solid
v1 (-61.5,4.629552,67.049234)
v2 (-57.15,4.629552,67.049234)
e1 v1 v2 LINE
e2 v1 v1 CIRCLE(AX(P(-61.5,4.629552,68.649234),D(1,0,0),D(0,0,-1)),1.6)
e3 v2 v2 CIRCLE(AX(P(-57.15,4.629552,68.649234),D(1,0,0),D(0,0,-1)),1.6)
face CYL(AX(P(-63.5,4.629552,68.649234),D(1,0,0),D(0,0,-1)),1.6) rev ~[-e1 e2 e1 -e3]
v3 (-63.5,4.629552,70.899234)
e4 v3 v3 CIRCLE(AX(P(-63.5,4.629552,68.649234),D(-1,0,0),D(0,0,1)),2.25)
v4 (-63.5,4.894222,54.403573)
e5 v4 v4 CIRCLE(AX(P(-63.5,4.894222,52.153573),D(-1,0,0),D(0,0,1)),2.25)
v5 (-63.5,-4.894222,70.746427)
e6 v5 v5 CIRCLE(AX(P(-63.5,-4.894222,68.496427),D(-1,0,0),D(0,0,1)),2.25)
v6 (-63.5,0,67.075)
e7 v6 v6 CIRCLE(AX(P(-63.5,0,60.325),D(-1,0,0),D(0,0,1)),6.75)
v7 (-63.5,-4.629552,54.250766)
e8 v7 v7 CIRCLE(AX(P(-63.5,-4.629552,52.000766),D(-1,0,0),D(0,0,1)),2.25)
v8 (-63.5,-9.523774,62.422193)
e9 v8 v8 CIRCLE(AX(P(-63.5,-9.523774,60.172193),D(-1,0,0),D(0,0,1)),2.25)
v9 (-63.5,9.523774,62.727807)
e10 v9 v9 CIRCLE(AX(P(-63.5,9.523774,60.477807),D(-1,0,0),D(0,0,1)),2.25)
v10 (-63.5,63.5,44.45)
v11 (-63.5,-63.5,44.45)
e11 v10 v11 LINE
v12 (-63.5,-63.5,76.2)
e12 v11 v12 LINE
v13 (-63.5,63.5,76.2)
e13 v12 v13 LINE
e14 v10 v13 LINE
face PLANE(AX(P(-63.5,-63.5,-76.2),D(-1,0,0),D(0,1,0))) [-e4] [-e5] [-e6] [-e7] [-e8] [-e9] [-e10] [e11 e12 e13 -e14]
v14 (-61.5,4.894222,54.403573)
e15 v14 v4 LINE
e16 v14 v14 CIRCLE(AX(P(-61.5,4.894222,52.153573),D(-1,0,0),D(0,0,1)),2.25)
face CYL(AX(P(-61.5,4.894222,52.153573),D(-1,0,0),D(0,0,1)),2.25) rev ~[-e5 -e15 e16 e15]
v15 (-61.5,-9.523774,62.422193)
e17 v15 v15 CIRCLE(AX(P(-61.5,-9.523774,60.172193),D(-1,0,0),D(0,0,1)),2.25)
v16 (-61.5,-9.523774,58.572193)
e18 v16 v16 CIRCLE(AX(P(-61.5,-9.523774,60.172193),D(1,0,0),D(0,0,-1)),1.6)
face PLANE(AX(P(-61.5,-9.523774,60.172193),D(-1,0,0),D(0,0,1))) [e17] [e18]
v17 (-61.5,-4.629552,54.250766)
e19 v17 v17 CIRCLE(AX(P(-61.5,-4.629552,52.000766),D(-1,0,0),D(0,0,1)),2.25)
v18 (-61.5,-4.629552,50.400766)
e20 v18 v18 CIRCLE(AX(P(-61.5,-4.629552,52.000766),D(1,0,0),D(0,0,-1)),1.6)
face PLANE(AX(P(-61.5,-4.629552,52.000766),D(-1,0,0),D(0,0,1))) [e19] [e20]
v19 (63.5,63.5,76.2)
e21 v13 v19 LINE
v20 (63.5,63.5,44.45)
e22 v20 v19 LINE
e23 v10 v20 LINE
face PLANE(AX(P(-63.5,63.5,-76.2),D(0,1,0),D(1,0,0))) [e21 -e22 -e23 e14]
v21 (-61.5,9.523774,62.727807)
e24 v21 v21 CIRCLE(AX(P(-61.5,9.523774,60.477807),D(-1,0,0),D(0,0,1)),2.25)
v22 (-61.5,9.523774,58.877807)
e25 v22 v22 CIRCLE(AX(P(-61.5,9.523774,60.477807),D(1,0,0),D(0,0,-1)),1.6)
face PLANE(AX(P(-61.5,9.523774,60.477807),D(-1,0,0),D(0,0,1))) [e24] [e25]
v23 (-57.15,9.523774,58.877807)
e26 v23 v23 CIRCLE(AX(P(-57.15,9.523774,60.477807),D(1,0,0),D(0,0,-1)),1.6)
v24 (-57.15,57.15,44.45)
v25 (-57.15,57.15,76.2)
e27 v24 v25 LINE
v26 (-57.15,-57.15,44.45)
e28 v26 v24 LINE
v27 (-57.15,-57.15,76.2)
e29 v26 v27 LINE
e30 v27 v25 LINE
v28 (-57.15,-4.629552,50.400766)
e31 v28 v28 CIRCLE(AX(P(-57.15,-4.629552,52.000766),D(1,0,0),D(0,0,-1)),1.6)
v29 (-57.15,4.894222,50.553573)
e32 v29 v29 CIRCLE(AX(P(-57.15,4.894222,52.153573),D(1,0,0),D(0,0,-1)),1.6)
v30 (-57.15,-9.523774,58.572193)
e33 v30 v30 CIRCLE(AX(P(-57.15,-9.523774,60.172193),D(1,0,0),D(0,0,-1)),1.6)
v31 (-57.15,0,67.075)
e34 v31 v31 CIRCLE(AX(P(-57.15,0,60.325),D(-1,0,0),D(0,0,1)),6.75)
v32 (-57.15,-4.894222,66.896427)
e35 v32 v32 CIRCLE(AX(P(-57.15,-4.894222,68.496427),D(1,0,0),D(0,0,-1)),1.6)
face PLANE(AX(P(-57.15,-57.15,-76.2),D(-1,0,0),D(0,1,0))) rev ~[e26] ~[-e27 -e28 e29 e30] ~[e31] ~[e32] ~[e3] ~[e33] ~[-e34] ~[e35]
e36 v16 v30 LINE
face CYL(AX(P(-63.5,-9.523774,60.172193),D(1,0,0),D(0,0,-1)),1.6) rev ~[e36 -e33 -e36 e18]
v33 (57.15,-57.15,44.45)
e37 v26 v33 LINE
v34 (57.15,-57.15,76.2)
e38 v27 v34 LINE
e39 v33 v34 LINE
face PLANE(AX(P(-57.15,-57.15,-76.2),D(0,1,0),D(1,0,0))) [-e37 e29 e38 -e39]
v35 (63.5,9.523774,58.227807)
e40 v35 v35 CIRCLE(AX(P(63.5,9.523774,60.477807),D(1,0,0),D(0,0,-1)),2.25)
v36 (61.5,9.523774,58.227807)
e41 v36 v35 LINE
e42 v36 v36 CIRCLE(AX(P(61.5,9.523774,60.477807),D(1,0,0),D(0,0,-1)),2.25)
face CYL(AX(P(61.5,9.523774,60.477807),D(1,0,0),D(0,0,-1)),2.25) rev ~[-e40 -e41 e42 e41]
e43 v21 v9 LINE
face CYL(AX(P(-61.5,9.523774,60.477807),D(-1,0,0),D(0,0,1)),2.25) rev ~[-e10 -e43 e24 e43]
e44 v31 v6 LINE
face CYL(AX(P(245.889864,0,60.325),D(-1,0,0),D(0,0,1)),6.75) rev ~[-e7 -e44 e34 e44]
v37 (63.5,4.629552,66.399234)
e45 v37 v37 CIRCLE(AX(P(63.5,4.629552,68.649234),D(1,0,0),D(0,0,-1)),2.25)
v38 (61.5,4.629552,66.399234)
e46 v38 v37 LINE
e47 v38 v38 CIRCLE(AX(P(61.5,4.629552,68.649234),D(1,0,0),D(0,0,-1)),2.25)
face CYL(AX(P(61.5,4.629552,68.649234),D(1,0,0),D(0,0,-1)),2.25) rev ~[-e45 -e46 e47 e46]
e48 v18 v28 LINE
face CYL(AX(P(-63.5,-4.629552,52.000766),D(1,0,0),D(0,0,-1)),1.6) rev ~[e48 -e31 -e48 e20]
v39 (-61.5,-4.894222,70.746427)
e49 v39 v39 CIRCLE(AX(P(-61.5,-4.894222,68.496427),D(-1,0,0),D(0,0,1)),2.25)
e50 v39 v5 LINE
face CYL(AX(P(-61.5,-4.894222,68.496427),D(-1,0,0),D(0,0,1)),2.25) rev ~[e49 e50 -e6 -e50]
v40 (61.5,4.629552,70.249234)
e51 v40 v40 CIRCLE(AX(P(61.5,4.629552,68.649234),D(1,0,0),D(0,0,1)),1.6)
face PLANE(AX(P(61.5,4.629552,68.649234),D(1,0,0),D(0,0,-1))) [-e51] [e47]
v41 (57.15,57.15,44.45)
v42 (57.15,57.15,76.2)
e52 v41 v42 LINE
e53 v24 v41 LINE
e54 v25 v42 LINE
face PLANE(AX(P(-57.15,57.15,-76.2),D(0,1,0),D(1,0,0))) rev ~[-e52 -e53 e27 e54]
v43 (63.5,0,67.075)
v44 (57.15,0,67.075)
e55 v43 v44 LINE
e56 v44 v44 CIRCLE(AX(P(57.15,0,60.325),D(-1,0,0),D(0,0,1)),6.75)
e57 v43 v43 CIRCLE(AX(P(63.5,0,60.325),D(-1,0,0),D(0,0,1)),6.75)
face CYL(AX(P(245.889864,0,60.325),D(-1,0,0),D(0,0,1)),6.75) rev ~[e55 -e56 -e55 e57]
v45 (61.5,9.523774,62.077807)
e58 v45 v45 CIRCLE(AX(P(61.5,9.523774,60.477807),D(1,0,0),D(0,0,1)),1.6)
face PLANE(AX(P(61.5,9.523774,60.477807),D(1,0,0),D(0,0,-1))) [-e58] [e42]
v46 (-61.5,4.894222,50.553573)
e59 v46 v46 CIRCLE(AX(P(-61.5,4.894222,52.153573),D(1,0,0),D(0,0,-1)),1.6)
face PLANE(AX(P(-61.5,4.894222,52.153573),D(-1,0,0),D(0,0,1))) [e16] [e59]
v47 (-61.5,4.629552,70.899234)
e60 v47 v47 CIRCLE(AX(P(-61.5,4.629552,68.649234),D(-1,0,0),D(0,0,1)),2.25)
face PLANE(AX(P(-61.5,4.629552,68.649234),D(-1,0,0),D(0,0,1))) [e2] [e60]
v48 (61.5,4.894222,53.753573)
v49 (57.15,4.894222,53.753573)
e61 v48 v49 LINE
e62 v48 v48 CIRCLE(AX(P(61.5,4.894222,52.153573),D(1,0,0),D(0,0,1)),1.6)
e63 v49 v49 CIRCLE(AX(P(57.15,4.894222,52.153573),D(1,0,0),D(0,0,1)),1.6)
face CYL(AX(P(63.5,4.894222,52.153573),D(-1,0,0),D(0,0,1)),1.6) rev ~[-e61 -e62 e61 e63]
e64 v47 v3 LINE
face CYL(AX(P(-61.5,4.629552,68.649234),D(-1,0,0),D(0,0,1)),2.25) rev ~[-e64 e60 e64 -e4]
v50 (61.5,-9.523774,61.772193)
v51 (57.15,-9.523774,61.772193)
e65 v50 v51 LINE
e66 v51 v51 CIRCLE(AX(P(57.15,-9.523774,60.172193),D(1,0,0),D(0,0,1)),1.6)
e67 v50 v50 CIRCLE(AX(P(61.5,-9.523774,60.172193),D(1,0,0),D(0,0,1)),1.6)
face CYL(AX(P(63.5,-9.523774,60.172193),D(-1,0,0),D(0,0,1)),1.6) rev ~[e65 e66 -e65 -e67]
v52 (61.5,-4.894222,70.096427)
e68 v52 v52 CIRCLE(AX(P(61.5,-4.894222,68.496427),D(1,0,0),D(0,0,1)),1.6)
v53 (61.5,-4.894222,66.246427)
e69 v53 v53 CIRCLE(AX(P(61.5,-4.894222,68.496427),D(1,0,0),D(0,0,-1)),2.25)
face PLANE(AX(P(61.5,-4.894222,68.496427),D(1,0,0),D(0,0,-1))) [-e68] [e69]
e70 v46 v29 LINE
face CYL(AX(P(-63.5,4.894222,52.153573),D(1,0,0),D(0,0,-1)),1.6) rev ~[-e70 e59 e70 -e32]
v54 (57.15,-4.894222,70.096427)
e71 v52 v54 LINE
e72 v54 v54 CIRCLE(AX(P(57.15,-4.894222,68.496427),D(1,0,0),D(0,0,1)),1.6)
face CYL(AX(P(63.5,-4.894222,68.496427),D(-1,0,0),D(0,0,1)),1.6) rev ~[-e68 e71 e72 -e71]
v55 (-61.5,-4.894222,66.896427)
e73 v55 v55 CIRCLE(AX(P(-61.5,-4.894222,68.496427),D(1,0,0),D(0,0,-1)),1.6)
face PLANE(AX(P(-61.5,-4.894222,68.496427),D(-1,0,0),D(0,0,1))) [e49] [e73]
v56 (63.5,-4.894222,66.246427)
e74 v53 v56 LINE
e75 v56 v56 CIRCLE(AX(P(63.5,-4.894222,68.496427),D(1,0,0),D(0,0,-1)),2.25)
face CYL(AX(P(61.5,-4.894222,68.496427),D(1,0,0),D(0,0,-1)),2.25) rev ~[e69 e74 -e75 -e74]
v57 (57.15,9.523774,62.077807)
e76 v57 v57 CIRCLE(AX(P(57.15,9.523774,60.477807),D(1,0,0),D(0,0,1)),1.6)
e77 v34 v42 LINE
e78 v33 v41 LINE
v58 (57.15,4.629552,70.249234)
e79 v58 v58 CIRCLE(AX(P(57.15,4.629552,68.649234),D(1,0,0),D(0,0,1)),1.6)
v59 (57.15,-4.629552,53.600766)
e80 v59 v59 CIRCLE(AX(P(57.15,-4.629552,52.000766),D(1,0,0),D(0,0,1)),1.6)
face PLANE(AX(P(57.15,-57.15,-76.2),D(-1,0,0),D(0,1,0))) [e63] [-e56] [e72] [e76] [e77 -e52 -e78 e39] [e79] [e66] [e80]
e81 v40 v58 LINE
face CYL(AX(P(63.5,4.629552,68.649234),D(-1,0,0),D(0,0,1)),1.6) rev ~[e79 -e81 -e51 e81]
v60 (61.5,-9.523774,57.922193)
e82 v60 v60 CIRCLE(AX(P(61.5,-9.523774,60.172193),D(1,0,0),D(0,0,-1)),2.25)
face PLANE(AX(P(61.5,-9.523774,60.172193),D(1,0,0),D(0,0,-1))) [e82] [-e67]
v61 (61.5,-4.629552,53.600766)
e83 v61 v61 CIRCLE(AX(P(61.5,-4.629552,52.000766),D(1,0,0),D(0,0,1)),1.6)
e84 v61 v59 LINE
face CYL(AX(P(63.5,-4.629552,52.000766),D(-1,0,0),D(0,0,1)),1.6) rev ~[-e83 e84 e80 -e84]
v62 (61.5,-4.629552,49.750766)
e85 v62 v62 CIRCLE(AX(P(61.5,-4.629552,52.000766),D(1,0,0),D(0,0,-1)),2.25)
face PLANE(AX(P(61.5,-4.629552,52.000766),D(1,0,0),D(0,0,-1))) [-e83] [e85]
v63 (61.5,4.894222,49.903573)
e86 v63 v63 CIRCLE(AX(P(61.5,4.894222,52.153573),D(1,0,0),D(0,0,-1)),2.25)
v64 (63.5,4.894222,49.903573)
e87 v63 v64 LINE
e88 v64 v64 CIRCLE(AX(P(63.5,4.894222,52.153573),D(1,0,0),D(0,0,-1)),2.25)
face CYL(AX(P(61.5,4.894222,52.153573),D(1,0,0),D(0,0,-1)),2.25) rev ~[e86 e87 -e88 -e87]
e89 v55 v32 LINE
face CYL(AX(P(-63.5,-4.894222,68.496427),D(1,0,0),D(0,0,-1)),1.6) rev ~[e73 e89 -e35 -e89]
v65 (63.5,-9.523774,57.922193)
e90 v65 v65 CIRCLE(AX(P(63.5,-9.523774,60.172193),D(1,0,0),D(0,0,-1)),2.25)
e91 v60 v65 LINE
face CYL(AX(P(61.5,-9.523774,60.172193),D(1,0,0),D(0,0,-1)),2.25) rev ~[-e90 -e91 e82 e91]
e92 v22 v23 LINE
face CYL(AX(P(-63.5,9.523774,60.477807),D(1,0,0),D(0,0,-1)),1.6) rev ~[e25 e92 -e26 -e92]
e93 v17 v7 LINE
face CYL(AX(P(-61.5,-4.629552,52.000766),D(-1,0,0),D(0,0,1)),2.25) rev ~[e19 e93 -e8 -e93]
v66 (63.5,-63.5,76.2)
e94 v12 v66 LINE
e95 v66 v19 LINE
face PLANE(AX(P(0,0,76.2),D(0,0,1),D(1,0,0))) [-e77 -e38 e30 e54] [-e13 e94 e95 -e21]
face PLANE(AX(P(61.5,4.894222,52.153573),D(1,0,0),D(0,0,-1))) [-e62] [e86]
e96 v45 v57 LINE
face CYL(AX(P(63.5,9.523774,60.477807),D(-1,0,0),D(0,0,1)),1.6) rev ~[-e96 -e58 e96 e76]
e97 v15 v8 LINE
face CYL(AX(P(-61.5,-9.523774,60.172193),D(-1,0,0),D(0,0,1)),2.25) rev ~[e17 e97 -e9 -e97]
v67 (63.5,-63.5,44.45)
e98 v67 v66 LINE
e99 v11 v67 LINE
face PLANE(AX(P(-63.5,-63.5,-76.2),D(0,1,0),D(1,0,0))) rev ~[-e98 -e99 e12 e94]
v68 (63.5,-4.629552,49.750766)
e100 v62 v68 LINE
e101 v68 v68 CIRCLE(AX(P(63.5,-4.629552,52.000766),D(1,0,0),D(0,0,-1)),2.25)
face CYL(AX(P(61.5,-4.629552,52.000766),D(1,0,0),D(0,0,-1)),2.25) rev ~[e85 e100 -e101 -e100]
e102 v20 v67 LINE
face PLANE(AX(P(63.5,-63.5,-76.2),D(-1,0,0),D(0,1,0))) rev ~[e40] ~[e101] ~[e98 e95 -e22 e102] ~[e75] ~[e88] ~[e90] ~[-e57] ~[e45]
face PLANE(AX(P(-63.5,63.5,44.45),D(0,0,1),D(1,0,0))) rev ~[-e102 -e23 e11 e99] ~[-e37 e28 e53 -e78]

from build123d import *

# Parameters (mm, degrees)
BOSS_EXTRUDE1_DEPTH            = 76.2
BOSS_EXTRUDE1_DEPTH_BACK       = 76.2
SKETCH3_W                      = 127
SKETCH3_H                      = 127
SKETCH3_W_2                    = 114.3
SKETCH3_H_2                    = 114.3
SKETCH6_W                      = 127
SKETCH6_H                      = 120.65
CUT_EXTRUDE1_DEPTH             = 162.144934764
M12_CLEARANCE_HOLE1_D          = 13.5
CBORE_FOR_M3_SHCS1_D           = 3.2
CBORE_FOR_M3_SHCS1_DEPTH       = 6.35
CBORE_FOR_M3_SHCS1_CBORE_D     = 4.5
CBORE_FOR_M3_SHCS1_CBORE_DEPTH = 2
CBORE_FOR_M3_SHCS2_D           = 3.2
CBORE_FOR_M3_SHCS2_CBORE_D     = 4.5
CBORE_FOR_M3_SHCS2_CBORE_DEPTH = 2


with BuildPart() as part:
    # Sketch3 → Boss-Extrude1 (new, two sides: drawn at the far end of the back side and taken through both)
    with BuildSketch(Plane.XY.offset(-BOSS_EXTRUDE1_DEPTH_BACK)):
        Rectangle(SKETCH3_W, SKETCH3_H)
        Rectangle(SKETCH3_W_2, SKETCH3_H_2, mode=Mode.SUBTRACT)
    extrude(amount=BOSS_EXTRUDE1_DEPTH + BOSS_EXTRUDE1_DEPTH_BACK)

    # Sketch6 → Cut-Extrude1 (cut, through all)
    with BuildSketch(Plane(origin=(0, 63.5, 0), x_dir=(1, 0, 0), z_dir=(0, 1, 0))):
        with Locations((0, 15.875)):
            Rectangle(SKETCH6_W, SKETCH6_H)
    extrude(amount=-CUT_EXTRUDE1_DEPTH, mode=Mode.SUBTRACT)

    # M12 Clearance Hole1 (through all)
    with Locations(Plane(origin=(63.5, 0, 0), x_dir=(0, 0, -1), z_dir=(1, 0, 0))):
        with Locations((-60.325, 0)):
            Hole(M12_CLEARANCE_HOLE1_D / 2)

    # CBORE for M3 SHCS1
    with Locations(Plane(origin=(63.5, 0, 0), x_dir=(0, 0, -1), z_dir=(1, 0, 0))):
        with Locations((-68.496426866, -4.894221897), (-68.649233927, 4.629552303), (-60.477807061, 9.523774199), (-52.153573134, 4.894221897), (-52.000766073, -4.629552303), (-60.172192939, -9.523774199)):
            CounterBoreHole(CBORE_FOR_M3_SHCS1_D / 2, CBORE_FOR_M3_SHCS1_CBORE_D / 2, CBORE_FOR_M3_SHCS1_CBORE_DEPTH, depth=CBORE_FOR_M3_SHCS1_DEPTH)

    # CBORE for M3 SHCS2 (through all)
    with Locations(Plane.ZY.offset(63.5)):
        with Locations((68.649233927, 4.629552303), (60.477807061, 9.523774199), (68.496426866, -4.894221897), (52.153573134, 4.894221897), (52.000766073, -4.629552303), (60.172192939, -9.523774199)):
            CounterBoreHole(CBORE_FOR_M3_SHCS2_D / 2, CBORE_FOR_M3_SHCS2_CBORE_D / 2, CBORE_FOR_M3_SHCS2_CBORE_DEPTH)


solid = part.part
